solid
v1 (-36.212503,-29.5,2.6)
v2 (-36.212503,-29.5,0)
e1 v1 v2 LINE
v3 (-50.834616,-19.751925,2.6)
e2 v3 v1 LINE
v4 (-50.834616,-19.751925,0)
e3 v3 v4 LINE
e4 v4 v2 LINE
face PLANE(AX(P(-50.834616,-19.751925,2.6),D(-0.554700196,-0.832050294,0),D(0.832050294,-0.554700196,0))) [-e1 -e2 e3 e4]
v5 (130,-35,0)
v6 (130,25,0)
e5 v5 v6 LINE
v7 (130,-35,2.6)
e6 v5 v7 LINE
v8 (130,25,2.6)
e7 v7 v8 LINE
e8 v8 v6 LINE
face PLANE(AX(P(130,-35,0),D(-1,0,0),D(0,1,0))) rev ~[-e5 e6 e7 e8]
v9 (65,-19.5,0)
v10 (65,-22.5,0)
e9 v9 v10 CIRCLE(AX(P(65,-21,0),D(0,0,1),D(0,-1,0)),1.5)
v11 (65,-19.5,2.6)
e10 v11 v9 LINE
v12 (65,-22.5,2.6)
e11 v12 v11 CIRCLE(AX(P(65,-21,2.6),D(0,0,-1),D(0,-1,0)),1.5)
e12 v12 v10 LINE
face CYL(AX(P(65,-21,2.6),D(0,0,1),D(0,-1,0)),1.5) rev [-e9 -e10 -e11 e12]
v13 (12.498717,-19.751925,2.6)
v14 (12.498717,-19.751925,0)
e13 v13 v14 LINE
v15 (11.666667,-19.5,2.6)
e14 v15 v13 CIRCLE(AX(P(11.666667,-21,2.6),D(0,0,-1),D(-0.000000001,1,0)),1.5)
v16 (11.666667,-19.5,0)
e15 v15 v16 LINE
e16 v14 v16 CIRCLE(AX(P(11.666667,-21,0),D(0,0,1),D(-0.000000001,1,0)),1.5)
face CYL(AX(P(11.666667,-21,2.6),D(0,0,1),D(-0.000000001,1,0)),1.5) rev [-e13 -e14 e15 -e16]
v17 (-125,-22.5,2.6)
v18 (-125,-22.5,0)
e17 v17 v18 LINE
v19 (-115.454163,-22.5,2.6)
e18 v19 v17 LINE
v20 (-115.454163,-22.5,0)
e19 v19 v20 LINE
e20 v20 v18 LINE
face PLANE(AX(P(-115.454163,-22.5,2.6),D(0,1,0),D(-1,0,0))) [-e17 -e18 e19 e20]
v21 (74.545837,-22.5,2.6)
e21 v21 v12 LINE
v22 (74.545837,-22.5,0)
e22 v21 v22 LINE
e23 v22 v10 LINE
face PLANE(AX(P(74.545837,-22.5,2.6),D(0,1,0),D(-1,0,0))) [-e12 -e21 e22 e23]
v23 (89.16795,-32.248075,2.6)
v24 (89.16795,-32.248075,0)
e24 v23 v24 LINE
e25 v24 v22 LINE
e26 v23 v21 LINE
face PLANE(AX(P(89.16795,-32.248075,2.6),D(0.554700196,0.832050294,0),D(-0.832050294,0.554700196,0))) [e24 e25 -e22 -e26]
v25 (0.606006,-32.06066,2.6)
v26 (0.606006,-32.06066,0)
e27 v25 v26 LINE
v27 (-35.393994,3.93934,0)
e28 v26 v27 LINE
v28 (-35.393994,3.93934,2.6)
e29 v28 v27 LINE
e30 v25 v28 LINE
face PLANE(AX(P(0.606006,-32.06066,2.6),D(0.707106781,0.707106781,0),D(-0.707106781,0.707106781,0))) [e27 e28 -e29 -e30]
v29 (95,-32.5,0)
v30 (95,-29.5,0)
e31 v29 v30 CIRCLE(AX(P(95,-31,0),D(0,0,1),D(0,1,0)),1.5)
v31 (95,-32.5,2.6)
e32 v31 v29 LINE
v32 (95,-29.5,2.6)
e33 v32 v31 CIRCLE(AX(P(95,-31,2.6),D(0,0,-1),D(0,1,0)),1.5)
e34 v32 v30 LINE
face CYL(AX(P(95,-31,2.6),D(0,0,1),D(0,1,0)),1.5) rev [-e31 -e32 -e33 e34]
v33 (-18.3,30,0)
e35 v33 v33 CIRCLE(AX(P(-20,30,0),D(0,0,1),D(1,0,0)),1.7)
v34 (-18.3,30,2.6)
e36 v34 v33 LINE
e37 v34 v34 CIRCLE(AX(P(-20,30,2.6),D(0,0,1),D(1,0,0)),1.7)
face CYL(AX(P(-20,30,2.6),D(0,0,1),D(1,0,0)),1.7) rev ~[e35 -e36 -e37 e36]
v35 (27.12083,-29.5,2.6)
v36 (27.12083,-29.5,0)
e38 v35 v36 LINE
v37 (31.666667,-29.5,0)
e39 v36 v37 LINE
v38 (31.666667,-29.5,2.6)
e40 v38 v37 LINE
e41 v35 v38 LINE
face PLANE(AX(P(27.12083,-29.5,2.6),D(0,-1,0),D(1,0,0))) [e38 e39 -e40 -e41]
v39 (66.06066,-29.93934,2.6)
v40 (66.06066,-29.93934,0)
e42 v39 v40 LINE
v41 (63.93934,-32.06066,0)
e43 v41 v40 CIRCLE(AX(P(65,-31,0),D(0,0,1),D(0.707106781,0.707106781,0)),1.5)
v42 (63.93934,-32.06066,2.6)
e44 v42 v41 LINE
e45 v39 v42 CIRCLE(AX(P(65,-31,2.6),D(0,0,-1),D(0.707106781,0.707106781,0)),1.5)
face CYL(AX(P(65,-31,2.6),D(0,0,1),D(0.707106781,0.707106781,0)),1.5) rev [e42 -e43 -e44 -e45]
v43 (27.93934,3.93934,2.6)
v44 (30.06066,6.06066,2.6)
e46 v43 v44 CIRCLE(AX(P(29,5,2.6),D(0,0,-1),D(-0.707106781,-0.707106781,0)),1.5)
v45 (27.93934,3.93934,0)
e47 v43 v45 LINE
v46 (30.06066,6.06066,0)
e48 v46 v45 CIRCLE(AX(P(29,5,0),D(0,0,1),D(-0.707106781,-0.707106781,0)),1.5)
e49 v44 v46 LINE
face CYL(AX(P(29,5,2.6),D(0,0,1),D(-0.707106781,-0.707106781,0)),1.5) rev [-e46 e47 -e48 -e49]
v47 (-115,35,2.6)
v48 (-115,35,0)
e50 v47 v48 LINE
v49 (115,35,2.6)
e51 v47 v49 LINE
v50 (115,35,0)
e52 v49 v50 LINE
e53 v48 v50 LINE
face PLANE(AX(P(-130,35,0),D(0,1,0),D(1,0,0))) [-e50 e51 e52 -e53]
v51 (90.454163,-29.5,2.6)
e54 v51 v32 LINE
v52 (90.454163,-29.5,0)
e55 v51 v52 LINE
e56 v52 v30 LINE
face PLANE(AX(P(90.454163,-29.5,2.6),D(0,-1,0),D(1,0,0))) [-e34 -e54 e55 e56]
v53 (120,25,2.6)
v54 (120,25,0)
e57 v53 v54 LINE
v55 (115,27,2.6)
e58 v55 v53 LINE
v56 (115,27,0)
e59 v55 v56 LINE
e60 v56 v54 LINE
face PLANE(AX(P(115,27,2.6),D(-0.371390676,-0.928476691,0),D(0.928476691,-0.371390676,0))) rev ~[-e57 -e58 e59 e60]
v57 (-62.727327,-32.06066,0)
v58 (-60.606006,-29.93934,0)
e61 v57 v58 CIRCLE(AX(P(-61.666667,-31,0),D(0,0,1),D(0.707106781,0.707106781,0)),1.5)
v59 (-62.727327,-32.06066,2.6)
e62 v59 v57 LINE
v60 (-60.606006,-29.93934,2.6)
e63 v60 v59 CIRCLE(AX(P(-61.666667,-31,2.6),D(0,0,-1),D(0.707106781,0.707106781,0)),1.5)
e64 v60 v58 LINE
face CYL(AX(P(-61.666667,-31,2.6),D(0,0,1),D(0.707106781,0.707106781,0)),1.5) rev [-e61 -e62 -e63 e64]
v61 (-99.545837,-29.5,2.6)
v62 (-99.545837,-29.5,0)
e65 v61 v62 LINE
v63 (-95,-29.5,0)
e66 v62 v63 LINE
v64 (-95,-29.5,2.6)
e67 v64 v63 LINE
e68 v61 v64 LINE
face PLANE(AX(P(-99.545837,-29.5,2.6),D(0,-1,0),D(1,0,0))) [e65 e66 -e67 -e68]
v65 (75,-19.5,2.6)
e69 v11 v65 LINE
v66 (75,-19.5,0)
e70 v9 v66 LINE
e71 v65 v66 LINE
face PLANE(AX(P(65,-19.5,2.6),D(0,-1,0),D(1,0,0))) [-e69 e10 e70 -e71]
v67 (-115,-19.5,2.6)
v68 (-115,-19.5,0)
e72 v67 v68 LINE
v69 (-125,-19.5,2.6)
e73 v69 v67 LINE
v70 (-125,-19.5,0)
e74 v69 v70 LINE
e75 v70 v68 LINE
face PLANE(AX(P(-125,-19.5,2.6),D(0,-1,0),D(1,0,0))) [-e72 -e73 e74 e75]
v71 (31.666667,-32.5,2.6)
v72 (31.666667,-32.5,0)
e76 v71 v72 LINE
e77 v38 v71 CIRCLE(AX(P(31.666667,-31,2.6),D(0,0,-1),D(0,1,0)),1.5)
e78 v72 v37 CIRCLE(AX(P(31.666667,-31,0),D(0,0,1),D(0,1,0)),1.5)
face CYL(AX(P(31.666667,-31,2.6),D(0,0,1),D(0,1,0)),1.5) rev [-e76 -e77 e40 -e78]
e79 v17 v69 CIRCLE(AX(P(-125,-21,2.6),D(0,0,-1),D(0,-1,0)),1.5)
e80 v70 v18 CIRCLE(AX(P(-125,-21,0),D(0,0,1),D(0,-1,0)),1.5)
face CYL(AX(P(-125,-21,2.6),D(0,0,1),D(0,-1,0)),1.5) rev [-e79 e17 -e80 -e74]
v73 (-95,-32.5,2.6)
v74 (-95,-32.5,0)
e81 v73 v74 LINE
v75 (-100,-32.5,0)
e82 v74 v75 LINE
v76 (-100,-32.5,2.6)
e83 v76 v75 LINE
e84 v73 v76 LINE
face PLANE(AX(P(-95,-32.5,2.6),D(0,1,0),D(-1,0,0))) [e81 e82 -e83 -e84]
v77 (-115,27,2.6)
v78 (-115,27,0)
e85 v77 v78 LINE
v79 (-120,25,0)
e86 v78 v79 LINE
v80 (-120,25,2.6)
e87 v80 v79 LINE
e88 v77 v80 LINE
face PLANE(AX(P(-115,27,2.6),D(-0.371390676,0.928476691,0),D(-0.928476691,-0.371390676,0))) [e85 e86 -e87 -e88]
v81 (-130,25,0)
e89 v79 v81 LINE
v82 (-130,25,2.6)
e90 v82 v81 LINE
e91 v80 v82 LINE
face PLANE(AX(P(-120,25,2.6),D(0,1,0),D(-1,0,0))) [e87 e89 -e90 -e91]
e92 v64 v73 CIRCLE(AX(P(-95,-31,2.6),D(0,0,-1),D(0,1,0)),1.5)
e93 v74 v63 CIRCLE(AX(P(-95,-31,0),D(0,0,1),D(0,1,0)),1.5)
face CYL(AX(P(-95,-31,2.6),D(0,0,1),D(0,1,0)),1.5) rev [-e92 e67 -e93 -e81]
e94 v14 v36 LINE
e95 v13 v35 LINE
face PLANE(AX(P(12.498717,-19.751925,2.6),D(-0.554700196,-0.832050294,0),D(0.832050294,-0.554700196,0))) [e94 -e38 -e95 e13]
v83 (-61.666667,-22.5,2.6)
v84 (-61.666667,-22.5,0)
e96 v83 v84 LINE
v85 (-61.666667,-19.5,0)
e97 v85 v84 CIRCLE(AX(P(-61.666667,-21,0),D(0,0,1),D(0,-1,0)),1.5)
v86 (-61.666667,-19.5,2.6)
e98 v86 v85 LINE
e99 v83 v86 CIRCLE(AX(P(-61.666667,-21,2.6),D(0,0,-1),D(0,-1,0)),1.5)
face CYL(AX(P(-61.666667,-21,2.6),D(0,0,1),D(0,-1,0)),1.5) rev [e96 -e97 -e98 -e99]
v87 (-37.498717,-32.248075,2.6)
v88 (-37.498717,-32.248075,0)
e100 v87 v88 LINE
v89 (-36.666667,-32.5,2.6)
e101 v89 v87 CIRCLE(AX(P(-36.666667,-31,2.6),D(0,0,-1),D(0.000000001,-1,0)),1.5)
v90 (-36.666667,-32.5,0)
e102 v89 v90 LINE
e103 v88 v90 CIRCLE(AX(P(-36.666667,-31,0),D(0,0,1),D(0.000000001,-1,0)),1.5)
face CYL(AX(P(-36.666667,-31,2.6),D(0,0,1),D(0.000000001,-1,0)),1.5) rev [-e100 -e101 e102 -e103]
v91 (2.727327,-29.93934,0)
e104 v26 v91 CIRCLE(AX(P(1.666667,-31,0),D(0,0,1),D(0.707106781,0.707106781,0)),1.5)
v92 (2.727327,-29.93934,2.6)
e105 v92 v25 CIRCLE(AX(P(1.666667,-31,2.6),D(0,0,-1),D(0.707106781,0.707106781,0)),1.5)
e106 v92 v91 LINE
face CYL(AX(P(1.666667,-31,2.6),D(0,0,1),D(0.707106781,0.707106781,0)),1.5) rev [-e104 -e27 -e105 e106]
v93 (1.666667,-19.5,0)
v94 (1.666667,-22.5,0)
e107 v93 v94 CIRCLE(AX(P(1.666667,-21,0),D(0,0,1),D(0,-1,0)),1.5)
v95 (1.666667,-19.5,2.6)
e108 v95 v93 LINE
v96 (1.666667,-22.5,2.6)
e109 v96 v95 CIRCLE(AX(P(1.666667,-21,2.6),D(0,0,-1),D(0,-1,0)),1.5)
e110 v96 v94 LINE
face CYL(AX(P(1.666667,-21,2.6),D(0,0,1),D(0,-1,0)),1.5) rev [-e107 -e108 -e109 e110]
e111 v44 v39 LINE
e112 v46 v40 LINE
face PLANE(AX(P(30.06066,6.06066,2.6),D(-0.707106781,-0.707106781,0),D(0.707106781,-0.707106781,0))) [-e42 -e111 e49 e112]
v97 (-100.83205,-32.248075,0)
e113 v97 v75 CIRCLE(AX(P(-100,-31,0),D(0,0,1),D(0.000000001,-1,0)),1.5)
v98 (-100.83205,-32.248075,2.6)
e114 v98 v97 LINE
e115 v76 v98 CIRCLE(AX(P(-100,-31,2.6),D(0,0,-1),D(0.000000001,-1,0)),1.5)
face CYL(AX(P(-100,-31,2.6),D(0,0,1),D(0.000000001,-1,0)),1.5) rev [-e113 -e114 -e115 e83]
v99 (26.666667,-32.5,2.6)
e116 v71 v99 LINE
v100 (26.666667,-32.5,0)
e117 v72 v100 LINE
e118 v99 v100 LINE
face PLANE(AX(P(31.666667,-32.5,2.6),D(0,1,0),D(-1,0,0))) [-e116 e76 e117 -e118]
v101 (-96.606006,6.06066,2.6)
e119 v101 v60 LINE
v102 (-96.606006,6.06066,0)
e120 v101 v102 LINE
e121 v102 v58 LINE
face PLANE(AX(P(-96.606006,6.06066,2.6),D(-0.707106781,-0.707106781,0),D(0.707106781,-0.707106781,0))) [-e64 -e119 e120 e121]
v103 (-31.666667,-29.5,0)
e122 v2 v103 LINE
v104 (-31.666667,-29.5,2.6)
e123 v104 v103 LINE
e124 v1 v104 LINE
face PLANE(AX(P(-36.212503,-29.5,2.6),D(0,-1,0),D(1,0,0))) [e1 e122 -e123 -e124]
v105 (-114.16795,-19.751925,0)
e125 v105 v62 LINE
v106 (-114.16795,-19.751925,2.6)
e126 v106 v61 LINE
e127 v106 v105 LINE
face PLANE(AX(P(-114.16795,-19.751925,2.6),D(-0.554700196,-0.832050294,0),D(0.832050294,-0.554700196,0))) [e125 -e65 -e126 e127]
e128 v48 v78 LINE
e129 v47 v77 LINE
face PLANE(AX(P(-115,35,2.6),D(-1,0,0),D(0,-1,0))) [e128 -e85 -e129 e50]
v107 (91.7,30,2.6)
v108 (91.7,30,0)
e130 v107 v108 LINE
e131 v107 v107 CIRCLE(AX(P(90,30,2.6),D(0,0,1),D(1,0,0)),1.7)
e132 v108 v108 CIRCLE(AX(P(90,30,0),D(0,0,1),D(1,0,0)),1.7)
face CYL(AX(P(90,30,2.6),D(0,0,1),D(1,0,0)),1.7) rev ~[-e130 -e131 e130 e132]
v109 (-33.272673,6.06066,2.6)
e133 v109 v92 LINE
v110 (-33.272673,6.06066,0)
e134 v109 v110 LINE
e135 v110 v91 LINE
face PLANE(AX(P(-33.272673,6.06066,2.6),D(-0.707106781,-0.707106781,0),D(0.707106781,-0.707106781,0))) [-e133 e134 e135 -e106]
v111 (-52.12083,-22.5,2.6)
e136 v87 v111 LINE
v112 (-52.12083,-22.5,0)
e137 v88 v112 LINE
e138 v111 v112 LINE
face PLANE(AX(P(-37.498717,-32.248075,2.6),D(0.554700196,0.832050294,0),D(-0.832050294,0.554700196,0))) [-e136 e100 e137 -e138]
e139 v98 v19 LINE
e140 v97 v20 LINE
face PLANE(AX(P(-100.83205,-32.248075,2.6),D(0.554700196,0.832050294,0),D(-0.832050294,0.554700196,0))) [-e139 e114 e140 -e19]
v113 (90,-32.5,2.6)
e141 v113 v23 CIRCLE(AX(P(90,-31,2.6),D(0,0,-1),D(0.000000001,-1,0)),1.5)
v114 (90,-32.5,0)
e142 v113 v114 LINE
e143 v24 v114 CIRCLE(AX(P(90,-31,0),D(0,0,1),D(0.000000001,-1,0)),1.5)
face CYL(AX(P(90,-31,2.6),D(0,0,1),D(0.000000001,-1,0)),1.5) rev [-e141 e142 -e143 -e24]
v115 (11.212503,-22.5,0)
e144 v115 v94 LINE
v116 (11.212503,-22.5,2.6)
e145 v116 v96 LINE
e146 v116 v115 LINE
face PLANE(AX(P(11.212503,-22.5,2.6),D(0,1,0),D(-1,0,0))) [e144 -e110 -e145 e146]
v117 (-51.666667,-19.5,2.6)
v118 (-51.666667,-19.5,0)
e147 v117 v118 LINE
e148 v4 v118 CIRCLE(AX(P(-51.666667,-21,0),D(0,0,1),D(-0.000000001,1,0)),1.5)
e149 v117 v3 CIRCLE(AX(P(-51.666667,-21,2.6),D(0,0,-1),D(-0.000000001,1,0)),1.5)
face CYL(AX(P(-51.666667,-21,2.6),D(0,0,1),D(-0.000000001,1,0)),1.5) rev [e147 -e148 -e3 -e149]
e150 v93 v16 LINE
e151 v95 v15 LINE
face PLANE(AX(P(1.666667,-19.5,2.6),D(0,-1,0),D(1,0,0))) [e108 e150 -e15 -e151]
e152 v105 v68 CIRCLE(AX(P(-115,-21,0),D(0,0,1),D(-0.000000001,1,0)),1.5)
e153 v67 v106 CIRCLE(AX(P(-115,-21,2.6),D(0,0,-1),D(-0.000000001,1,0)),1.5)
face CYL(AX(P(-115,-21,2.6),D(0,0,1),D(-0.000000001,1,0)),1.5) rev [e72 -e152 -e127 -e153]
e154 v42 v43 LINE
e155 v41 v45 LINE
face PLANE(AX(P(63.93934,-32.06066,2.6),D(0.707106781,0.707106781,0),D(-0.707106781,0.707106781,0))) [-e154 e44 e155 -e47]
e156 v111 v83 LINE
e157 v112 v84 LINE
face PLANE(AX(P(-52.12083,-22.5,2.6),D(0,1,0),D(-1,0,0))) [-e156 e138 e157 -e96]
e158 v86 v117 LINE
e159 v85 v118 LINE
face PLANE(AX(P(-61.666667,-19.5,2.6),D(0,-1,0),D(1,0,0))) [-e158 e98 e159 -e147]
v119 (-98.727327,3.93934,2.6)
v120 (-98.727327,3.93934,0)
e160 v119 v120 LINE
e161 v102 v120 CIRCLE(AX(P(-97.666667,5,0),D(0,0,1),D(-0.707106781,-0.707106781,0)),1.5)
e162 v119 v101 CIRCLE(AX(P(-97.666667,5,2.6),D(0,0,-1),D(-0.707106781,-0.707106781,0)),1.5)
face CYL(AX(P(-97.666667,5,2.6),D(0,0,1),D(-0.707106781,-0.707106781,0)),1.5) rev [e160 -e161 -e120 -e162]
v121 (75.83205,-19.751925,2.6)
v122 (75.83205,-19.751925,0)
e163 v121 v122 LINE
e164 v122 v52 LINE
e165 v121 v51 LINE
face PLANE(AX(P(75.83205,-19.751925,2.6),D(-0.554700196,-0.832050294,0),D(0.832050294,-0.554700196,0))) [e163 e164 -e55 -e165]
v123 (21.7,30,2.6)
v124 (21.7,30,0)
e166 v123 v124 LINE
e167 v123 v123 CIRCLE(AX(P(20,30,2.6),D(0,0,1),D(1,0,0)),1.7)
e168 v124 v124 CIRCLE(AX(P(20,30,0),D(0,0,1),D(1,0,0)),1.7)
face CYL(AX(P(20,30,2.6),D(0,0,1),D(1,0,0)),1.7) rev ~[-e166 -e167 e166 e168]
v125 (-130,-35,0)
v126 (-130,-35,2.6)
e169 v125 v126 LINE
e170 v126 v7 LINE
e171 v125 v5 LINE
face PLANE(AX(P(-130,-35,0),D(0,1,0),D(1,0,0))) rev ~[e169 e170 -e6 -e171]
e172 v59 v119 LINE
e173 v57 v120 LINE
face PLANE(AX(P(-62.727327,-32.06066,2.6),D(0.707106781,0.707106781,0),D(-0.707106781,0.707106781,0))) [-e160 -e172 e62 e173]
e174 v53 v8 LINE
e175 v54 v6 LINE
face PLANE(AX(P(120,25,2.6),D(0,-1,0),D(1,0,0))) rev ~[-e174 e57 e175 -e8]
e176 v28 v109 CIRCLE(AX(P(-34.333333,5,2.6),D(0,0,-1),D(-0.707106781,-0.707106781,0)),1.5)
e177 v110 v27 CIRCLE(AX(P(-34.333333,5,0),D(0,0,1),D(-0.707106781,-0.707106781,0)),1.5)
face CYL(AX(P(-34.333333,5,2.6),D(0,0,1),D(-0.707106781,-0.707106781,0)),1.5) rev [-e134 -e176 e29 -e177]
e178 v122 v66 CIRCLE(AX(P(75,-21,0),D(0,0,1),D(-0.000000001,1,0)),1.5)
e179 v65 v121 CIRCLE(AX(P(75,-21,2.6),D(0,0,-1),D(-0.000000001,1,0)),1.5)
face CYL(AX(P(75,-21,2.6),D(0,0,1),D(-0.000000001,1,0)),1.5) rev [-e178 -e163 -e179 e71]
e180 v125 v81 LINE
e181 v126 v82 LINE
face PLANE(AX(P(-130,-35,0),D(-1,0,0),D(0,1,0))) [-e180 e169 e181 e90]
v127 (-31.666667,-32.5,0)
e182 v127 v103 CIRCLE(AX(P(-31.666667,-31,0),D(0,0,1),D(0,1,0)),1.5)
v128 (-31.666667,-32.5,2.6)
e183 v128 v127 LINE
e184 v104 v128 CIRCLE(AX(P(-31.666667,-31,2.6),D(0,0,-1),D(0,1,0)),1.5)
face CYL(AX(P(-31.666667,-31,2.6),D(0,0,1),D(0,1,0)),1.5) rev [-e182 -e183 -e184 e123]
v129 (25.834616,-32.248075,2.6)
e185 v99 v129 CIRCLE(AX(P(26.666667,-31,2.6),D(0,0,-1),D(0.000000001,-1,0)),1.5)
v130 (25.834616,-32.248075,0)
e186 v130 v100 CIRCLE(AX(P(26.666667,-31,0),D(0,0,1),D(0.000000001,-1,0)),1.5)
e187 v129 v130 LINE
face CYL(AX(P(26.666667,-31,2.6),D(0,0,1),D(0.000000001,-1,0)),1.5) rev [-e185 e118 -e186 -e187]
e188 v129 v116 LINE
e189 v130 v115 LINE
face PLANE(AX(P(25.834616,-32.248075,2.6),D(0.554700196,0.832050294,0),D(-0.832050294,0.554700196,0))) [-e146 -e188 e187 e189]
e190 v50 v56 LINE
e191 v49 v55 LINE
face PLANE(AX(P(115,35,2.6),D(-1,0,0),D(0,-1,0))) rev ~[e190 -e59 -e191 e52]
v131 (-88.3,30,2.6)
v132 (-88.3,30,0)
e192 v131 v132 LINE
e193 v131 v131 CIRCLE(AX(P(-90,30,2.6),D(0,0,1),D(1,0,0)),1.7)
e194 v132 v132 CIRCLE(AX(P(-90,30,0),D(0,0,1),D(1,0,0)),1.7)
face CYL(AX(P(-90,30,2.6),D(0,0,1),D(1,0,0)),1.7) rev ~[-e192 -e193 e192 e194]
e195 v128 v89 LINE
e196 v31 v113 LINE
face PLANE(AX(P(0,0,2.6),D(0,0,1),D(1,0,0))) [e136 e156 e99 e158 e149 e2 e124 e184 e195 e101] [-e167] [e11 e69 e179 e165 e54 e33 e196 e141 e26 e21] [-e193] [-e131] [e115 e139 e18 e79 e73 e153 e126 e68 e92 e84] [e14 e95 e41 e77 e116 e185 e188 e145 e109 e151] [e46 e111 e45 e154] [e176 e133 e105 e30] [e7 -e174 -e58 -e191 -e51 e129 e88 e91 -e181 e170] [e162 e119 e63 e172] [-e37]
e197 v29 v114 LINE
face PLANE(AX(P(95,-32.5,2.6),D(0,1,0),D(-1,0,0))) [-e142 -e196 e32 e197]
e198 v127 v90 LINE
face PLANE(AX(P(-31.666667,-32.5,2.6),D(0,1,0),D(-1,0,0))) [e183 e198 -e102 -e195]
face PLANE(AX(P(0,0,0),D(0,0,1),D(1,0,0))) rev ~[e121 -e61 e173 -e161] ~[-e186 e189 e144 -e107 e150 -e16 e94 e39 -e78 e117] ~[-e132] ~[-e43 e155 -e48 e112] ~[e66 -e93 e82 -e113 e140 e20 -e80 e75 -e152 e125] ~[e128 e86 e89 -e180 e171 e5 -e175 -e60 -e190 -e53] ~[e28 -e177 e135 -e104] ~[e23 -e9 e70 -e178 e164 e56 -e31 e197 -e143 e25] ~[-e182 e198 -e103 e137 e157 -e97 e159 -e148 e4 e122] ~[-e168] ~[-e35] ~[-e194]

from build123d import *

# Parameters (mm, degrees)
SKETCH_1_W             = 260
SKETCH_1_H             = 70
EXTRUDE_1_DEPTH        = 2.6
SKETCH_2_R             = 1.7
CUT_EXTRUDE_1_DEPTH    = 135.654223848
SKETCH_3_R             = 1.3
CUT_EXTRUDE_2_DEPTH    = 135.654223848
CUT_EXTRUDE_4_DEPTH    = 135.654223848
PATTERN_LINEAR_2_COUNT = 3
PATTERN_LINEAR_2_PITCH = 63.333333333
CUT_EXTRUDE_3_DEPTH    = 135.654223848
PATTERN_LINEAR_1_COUNT = 4
PATTERN_LINEAR_1_PITCH = 63.333333333


with BuildPart() as part:
    # 草图1 → 凸台-拉伸1 (new body)
    with BuildSketch(Plane.XY):
        Rectangle(SKETCH_1_W, SKETCH_1_H)
    extrude(amount=EXTRUDE_1_DEPTH)

    # 草图2 → 切除-拉伸1 (cut, through all)
    with BuildSketch(Plane.XY.offset(2.6)):
        with Locations((-90, 30)):
            Circle(SKETCH_2_R)
        with Locations((-20, 30)):
            Circle(SKETCH_2_R)
        with Locations((20, 30)):
            Circle(SKETCH_2_R)
        with Locations((90, 30)):
            Circle(SKETCH_2_R)
        Polygon((-130, 25), (-130, 35), (-115, 35), (-115, 27), (-120, 25), align=None)
        Polygon((130, 25), (130, 35), (115, 35), (115, 27), (120, 25), align=None)
    extrude(amount=-CUT_EXTRUDE_1_DEPTH, mode=Mode.SUBTRACT)

    # 草图3 → 切除-拉伸2 (cut, through all)
    with BuildSketch(Plane.XY.offset(2.6)):
        with Locations((-61.666666667, -31)):
            Circle(SKETCH_3_R)
        with Locations((1.666666667, -31)):
            Circle(SKETCH_3_R)
        with Locations((65, -31)):
            Circle(SKETCH_3_R)
    extrude(amount=-CUT_EXTRUDE_2_DEPTH, mode=Mode.SUBTRACT)

    # 草图5 → 切除-拉伸4 (cut, through all)
    with BuildSketch(Plane.XY.offset(2.6)):
        with BuildLine():
            Line((-62.727326838, -32.060660172), (-98.727326838, 3.939339828))
            ThreePointArc((-98.727326838, 3.939339828), (-98.727326838, 6.060660172), (-96.606006495, 6.060660172))
            Line((-96.606006495, 6.060660172), (-60.606006495, -29.939339828))
            ThreePointArc((-60.606006495, -29.939339828), (-60.606006495, -32.060660172), (-62.727326838, -32.060660172))
        make_face()
    cut_extrude_4 = extrude(amount=-CUT_EXTRUDE_4_DEPTH, mode=Mode.SUBTRACT)

    # 阵列(线性)2: 切除-拉伸4 ×3
    with Locations(*[(i * PATTERN_LINEAR_2_PITCH, 0, 0) for i in range(1, PATTERN_LINEAR_2_COUNT)]):
        add(cut_extrude_4, mode=Mode.SUBTRACT)

    # 草图4 → 切除-拉伸3 (cut, through all)
    with BuildSketch(Plane.XY.offset(2.6)):
        with BuildLine():
            Line((-125, -19.5), (-115, -19.5))
            ThreePointArc((-115, -19.5), (-114.565323777, -19.56436196), (-114.167949706, -19.751924558))
            Line((-114.167949706, -19.751924558), (-99.545836543, -29.5))
            Line((-99.545836543, -29.5), (-95, -29.5))
            ThreePointArc((-95, -29.5), (-93.5, -31), (-95, -32.5))
            Line((-95, -32.5), (-100, -32.5))
            ThreePointArc((-100, -32.5), (-100.434676223, -32.43563804), (-100.832050294, -32.248075442))
            Line((-100.832050294, -32.248075442), (-115.454163457, -22.5))
            Line((-115.454163457, -22.5), (-125, -22.5))
            ThreePointArc((-125, -22.5), (-126.5, -21), (-125, -19.5))
        make_face()
    cut_extrude_3 = extrude(amount=-CUT_EXTRUDE_3_DEPTH, mode=Mode.SUBTRACT)

    # 阵列(线性)1: 切除-拉伸3 ×4
    with Locations(*[(i * PATTERN_LINEAR_1_PITCH, 0, 0) for i in range(1, PATTERN_LINEAR_1_COUNT)]):
        add(cut_extrude_3, mode=Mode.SUBTRACT)


solid = part.part
